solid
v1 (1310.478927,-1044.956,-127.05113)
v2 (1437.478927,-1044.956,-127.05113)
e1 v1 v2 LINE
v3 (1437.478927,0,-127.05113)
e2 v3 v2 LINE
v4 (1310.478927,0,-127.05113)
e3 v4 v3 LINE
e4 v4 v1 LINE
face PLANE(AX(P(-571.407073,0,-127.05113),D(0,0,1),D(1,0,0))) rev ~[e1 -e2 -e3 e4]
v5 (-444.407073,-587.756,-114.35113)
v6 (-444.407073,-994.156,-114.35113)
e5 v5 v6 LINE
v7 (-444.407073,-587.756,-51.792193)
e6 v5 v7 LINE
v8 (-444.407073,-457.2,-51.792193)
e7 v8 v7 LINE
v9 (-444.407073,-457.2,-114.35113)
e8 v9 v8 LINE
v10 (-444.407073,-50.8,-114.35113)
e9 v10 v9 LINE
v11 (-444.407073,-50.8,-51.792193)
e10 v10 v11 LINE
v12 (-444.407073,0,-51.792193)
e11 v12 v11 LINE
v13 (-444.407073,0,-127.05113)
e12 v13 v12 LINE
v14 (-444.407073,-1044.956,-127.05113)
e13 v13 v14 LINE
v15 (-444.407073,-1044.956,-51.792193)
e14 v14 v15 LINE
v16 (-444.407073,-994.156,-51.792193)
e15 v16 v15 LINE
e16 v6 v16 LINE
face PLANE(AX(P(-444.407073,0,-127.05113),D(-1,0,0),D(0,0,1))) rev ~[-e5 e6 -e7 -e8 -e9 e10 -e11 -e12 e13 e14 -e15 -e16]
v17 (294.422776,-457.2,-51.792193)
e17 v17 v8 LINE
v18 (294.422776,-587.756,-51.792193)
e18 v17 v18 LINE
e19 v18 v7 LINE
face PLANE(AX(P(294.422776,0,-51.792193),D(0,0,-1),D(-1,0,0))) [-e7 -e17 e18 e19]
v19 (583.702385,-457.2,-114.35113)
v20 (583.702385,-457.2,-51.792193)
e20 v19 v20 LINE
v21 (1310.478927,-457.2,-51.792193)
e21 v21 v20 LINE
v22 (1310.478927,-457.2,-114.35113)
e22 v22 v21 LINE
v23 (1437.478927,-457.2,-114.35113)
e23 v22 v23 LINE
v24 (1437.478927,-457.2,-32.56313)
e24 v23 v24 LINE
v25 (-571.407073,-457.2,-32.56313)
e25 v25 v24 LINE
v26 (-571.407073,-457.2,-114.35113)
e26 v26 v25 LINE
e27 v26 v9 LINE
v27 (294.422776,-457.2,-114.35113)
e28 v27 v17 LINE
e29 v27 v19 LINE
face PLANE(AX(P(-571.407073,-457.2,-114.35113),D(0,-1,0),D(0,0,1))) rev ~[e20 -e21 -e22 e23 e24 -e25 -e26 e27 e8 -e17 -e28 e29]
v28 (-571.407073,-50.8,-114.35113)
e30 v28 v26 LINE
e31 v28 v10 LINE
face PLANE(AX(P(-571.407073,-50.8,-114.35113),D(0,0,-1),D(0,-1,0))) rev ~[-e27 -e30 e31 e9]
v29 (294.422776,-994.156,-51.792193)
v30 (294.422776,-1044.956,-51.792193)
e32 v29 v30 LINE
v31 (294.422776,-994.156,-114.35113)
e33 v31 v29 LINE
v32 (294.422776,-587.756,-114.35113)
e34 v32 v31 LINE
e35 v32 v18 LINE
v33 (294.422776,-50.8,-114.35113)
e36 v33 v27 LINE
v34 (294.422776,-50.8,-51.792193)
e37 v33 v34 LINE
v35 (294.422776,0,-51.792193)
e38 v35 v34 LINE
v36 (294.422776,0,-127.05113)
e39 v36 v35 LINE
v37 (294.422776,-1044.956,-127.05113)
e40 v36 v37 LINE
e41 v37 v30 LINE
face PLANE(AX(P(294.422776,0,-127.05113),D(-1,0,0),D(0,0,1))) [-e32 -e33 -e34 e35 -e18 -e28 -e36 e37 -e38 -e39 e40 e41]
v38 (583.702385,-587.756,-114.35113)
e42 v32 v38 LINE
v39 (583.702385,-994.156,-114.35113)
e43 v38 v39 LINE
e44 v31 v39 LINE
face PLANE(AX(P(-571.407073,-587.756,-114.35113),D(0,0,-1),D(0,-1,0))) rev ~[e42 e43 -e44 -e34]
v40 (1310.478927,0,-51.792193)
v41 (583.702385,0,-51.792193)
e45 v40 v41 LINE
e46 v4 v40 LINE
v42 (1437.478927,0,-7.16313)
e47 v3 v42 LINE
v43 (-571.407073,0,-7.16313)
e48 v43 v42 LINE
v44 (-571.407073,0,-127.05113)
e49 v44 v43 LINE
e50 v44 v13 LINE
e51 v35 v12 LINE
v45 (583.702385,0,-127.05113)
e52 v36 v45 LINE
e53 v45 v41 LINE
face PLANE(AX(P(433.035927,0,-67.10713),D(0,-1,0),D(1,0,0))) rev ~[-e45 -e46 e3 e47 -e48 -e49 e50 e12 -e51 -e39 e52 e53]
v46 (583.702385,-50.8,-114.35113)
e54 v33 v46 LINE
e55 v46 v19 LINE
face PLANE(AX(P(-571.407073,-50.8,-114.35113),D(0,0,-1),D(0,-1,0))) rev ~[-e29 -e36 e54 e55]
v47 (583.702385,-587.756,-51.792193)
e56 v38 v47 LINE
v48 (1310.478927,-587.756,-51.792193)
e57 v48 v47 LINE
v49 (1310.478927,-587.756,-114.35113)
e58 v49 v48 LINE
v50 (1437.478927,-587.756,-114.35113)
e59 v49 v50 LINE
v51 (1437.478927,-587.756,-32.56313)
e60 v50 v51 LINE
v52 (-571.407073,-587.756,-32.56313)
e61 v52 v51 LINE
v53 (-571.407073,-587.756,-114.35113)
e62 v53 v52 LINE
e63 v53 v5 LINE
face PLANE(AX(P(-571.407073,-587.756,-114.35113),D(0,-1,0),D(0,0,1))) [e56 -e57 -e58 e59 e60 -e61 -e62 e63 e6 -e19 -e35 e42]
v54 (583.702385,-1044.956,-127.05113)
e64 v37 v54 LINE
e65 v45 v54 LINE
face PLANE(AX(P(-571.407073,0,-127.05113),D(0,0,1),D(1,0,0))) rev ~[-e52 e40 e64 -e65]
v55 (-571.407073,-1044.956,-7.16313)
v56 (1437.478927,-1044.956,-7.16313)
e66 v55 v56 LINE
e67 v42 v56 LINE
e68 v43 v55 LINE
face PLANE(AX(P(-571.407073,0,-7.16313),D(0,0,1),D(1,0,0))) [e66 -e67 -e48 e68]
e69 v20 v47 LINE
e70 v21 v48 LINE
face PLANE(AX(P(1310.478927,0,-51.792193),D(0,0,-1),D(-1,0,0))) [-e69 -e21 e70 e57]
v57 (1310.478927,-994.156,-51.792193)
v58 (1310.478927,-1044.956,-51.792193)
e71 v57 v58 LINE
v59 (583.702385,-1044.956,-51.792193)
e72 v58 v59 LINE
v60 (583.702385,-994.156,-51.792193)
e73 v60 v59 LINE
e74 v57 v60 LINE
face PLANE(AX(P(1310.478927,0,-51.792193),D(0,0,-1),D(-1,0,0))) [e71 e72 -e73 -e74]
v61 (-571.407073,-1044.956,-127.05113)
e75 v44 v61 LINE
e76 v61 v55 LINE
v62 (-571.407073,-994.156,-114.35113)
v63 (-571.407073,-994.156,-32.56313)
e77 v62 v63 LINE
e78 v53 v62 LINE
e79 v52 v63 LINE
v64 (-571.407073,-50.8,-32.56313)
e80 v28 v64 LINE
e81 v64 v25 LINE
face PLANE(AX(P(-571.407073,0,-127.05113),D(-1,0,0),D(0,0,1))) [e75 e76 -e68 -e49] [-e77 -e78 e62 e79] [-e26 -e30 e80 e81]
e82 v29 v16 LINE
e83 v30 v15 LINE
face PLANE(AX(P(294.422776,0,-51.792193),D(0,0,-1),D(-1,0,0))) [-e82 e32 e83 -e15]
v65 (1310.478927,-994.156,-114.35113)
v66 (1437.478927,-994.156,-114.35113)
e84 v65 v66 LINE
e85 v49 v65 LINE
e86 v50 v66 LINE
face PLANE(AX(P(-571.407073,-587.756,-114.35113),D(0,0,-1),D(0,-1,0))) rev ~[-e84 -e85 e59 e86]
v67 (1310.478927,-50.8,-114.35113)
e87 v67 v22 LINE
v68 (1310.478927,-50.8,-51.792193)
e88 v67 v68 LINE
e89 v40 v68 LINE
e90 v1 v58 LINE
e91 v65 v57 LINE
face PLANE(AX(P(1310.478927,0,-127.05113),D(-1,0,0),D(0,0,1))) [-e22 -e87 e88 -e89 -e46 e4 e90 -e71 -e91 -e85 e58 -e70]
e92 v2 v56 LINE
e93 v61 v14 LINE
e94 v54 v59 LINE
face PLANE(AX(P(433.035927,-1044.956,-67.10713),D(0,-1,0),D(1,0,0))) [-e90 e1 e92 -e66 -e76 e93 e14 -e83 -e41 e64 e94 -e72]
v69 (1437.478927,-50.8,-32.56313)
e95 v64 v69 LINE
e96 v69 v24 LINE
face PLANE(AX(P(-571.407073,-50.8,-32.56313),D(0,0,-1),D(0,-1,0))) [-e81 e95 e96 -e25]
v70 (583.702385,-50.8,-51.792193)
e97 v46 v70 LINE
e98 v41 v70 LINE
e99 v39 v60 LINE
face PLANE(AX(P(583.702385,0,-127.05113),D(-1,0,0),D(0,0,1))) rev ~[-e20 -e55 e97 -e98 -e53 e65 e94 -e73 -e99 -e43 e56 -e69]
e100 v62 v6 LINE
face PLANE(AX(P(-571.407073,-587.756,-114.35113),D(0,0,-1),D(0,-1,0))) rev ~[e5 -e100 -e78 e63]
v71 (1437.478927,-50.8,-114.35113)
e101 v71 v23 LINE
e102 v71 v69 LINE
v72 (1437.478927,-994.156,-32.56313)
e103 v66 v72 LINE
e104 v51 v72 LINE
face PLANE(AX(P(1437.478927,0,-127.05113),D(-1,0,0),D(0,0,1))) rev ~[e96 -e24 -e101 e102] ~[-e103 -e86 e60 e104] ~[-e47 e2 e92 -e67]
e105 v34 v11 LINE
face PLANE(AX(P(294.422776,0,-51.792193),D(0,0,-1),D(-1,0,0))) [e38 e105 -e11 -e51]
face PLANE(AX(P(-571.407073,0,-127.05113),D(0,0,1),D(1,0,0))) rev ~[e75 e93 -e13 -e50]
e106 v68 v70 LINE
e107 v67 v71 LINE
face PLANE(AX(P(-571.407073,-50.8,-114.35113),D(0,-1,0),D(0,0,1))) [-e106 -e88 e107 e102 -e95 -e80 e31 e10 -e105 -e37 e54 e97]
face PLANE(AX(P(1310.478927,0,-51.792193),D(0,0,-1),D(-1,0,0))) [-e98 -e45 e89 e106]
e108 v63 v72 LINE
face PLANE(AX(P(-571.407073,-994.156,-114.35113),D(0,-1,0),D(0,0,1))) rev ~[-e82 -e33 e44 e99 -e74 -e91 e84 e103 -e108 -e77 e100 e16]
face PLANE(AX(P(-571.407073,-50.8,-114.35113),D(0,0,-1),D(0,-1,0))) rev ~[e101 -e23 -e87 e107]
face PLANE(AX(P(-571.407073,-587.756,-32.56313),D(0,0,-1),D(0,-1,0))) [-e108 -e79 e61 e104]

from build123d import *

# Parameters (mm, degrees)
F0_W     = 2008.886
F0_H     = 119.888
F1_DEPTH = 1044.956
F2_W     = 738.8298484659
F2_H     = 75.2589369982
F2_W_2   = 726.7765416155
F3_DEPTH = 1044.956
F4_W     = 406.4
F4_H     = 81.788
F5_DEPTH = 2008.886


with BuildPart() as f1:
    # F0 (on Front) → F1 (new body)
    with BuildSketch(Plane.XZ):
        with Locations((433.0359270411, -67.1071302024)):
            Rectangle(F0_W, F0_H)
    extrude(amount=F1_DEPTH)

    # F2 (on face) → F3 (cut)
    with BuildSketch(Plane(origin=(0, 0, 0), x_dir=(-1, 0, 0), z_dir=(0, 1, 0))):
        with Locations((74.992148726, -89.4216617033)):
            Rectangle(F2_W, F2_H)
        with Locations((-947.0906562333, -89.4216617033)):
            Rectangle(F2_W_2, F2_H)
    extrude(amount=-F3_DEPTH, mode=Mode.SUBTRACT)

    # F4 (on face) → F5 (cut)
    with BuildSketch(Plane(origin=(-571.4070729589, 0, 0), x_dir=(0, -1, 0), z_dir=(-1, 0, 0))):
        with Locations((254, -73.4571302024)):
            Rectangle(F4_W, F4_H)
        with Locations((790.956, -73.4571302024)):
            Rectangle(F4_W, F4_H)
    extrude(amount=-F5_DEPTH, mode=Mode.SUBTRACT)


solid = f1.part
